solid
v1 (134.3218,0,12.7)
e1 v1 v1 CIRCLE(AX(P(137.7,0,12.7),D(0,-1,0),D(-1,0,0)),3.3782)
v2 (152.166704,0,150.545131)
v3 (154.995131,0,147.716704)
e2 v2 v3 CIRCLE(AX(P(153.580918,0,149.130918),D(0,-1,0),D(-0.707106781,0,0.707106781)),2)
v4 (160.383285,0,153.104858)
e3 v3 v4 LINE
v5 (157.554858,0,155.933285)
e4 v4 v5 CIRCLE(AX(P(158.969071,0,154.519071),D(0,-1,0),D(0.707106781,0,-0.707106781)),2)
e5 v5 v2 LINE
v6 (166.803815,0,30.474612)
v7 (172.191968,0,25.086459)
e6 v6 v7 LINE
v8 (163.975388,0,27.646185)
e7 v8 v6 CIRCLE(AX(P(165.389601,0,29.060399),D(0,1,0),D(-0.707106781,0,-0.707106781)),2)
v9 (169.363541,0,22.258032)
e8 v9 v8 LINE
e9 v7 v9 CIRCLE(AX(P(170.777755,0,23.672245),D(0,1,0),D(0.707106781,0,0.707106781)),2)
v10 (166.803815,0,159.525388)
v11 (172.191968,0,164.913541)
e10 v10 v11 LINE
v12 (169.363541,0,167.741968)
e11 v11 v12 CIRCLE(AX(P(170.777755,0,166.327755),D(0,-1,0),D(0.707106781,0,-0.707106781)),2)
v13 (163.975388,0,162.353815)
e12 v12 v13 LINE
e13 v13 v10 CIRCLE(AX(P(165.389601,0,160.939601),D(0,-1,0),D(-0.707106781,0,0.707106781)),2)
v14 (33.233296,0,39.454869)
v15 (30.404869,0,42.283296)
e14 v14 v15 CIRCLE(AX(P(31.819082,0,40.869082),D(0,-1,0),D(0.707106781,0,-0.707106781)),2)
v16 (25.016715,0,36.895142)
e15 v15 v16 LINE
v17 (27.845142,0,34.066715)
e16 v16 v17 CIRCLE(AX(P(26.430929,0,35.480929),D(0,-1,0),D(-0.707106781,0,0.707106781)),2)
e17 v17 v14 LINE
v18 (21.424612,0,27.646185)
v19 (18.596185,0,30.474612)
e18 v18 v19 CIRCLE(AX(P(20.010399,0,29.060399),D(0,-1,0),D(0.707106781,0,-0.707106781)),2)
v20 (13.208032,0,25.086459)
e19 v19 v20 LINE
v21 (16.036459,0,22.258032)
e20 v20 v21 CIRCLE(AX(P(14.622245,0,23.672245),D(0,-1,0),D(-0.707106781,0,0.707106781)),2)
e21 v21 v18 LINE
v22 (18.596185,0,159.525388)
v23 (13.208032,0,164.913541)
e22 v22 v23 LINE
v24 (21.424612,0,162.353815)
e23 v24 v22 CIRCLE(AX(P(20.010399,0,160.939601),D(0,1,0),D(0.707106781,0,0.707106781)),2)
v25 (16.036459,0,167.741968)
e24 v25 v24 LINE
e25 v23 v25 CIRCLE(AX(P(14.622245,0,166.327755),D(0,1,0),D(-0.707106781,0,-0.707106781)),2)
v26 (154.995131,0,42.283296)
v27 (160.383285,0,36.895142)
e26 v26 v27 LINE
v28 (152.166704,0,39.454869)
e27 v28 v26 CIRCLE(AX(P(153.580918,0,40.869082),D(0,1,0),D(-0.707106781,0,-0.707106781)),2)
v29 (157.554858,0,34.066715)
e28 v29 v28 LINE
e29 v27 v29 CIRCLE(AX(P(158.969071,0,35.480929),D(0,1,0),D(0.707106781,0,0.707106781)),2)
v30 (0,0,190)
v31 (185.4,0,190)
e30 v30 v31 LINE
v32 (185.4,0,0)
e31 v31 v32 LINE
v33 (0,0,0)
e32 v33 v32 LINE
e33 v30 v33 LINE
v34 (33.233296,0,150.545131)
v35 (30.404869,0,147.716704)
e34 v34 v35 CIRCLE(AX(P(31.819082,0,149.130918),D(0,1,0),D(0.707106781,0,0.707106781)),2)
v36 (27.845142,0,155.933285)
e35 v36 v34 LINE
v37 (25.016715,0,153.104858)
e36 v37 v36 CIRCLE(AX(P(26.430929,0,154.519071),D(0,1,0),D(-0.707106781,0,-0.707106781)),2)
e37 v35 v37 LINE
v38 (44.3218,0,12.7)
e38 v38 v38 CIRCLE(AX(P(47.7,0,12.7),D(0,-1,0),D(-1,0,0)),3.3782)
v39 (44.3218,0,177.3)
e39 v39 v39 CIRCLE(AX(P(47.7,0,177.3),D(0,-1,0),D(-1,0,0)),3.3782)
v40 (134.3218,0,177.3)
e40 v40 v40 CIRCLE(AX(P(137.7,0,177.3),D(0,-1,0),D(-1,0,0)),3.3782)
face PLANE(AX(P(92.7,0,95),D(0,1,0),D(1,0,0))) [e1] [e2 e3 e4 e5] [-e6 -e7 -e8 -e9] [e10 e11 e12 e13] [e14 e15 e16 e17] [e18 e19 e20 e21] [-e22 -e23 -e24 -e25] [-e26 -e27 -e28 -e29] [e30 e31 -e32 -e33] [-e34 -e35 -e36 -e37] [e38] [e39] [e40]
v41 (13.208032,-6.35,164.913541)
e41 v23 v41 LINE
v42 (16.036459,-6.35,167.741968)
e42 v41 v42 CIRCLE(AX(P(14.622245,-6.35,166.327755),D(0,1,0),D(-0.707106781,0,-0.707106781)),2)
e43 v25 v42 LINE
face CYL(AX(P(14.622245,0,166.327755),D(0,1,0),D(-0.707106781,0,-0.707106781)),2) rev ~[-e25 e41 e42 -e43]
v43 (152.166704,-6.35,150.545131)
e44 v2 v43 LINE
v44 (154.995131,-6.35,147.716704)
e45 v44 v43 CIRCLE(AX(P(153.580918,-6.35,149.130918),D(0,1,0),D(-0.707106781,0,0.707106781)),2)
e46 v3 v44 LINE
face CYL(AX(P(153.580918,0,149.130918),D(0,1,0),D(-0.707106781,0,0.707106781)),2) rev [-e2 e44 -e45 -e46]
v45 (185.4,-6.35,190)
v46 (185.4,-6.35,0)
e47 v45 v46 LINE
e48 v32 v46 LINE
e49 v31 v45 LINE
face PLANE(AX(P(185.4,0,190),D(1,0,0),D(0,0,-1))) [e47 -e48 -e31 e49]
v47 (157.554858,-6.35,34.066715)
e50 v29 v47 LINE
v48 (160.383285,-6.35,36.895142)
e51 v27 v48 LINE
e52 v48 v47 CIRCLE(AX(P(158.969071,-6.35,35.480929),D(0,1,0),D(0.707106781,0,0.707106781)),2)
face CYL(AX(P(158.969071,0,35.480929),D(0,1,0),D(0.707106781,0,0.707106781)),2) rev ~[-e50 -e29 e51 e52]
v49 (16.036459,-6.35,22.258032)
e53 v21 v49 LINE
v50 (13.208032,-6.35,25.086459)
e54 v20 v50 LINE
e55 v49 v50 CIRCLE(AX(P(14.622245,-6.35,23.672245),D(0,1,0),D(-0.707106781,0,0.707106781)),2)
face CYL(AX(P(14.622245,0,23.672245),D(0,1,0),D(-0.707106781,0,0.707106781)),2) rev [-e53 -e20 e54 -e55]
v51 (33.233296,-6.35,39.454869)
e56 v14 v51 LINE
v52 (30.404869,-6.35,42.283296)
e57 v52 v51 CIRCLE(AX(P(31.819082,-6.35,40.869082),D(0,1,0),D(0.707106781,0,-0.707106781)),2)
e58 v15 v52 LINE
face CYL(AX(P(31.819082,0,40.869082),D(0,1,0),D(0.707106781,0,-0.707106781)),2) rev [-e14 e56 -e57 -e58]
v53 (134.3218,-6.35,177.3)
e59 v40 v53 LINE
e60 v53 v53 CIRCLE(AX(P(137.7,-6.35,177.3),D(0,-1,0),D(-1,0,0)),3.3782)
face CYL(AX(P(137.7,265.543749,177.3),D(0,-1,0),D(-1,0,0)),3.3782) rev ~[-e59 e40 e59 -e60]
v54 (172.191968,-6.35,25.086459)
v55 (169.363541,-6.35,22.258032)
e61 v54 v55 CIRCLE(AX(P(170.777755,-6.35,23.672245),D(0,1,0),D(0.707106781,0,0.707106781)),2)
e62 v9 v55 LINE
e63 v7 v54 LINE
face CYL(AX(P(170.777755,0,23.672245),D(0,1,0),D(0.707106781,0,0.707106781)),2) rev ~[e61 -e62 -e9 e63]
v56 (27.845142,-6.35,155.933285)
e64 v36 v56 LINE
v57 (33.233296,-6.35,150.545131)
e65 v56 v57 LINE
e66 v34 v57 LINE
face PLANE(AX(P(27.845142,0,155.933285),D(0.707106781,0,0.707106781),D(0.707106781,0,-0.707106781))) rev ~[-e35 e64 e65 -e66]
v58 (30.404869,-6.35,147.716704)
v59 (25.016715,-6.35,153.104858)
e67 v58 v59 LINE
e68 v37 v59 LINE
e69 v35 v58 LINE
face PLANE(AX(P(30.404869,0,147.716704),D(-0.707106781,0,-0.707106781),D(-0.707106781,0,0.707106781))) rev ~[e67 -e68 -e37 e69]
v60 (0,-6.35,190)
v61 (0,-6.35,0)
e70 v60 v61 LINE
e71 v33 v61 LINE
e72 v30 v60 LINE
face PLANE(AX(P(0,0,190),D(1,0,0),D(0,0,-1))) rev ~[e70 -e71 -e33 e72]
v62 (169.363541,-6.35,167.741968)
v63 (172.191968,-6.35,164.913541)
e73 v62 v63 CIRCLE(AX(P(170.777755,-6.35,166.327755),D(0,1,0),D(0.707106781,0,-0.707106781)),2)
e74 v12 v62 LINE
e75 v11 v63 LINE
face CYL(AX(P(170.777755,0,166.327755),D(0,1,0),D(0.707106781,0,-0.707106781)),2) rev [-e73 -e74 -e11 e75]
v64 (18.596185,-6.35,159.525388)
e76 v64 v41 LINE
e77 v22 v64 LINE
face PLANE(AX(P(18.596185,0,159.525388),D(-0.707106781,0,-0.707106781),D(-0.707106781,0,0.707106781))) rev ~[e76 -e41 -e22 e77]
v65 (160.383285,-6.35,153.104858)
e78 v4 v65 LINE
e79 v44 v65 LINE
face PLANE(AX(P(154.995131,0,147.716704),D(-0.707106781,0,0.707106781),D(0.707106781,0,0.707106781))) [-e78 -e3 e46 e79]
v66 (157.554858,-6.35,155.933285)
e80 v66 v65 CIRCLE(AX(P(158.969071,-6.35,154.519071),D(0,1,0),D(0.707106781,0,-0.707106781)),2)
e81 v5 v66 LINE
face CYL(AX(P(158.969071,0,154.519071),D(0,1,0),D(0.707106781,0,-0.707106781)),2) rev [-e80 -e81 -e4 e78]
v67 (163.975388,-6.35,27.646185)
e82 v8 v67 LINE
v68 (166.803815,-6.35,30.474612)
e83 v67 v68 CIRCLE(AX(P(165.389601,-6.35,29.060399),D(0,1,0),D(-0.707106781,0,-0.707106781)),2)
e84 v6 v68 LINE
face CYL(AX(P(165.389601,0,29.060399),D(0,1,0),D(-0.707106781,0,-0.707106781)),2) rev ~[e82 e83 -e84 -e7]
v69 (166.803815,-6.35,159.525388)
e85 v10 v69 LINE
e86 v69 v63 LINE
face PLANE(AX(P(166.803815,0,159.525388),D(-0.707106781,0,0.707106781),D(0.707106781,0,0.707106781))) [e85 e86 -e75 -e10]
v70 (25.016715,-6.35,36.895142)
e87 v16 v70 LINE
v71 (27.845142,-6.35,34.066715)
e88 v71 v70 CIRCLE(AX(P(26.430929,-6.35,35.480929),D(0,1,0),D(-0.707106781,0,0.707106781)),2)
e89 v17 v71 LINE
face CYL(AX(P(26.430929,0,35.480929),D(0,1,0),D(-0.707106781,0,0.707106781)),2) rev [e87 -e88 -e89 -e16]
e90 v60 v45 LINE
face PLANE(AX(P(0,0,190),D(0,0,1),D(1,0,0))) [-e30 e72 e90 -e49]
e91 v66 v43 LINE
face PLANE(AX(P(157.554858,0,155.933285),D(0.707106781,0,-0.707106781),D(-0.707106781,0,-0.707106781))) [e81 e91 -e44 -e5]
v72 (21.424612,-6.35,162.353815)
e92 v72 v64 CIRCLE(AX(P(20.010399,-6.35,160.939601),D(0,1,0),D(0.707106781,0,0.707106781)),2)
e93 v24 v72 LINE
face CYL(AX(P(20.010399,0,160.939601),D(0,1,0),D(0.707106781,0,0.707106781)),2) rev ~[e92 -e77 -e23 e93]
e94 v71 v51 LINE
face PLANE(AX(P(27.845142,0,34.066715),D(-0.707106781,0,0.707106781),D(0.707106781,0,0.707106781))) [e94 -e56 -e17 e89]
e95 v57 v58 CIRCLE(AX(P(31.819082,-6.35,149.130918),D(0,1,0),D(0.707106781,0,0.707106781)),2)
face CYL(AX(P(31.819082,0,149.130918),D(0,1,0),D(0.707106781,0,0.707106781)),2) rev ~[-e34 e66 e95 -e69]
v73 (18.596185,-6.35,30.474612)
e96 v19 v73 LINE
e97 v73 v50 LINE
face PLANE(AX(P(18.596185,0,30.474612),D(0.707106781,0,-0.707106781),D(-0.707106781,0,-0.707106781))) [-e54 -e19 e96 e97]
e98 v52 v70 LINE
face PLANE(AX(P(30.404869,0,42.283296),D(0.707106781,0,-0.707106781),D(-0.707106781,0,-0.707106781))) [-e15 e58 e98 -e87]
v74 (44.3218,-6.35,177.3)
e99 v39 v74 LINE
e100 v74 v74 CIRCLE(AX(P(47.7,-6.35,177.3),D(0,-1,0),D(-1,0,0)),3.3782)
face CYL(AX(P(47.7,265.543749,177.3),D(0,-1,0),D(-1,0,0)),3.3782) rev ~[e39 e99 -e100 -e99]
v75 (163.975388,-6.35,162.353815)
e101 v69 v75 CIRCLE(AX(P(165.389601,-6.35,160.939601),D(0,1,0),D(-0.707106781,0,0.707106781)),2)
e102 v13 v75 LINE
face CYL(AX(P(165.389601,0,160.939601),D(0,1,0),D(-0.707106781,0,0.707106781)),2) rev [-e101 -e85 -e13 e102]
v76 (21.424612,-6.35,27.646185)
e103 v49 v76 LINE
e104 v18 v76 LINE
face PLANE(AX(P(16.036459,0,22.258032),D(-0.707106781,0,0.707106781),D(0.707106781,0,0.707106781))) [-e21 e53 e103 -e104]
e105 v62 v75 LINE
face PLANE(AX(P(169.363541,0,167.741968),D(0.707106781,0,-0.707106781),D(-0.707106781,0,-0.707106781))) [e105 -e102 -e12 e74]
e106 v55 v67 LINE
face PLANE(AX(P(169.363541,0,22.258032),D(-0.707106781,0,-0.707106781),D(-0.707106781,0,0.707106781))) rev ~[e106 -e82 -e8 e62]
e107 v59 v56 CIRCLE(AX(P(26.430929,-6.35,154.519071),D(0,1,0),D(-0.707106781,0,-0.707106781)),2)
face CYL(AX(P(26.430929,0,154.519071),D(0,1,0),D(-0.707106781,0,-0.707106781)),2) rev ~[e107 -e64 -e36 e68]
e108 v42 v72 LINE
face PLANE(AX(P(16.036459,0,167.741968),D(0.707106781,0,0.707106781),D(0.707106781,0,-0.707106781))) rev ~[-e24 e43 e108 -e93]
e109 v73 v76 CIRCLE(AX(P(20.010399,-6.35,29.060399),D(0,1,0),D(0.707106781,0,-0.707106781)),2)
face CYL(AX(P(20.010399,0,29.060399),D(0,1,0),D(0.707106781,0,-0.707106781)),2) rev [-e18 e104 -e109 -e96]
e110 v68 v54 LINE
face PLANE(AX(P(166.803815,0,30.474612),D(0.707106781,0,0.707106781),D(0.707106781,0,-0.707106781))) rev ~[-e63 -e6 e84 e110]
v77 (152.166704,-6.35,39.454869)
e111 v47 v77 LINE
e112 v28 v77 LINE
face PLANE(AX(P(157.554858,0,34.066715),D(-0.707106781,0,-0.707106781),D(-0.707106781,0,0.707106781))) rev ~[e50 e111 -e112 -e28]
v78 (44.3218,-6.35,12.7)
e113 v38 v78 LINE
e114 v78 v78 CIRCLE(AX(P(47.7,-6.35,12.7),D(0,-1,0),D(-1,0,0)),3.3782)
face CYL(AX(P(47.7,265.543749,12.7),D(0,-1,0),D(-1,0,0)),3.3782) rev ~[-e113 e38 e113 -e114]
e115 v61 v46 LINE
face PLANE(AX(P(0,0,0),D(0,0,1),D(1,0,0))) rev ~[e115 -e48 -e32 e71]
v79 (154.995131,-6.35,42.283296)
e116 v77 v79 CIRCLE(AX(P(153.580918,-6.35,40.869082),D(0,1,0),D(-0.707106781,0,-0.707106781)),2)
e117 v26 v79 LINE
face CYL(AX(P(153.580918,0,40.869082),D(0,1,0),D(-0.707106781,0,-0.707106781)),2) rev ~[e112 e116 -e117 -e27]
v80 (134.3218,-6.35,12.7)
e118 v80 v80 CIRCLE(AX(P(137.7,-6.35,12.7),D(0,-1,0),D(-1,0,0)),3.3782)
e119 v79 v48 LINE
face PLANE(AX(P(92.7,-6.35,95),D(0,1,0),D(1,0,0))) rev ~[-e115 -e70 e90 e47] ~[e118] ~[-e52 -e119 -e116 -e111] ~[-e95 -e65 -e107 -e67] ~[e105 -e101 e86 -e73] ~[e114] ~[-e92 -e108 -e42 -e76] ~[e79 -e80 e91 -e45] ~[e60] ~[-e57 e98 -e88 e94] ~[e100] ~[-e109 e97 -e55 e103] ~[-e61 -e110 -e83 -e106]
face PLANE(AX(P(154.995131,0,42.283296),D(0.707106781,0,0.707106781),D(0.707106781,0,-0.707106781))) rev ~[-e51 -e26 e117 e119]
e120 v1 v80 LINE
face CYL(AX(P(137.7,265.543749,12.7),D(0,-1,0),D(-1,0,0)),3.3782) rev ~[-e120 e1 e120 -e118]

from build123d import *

# Parameters (mm, degrees)
SKETCH1_W              = 185.4
SKETCH1_H              = 190
BASE_PLATE_DEPTH       = 6.35
SLOTS_DEPTH            = 7.35
FEET_CONNECTION_HOLE_D = 6.7564


with BuildPart() as part:
    # Sketch1 → base plate (new body)
    with BuildSketch(Plane(origin=(0, 0, 0), x_dir=(1, 0, 0), z_dir=(0, 1, 0))):
        with Locations((92.7, -95)):
            Rectangle(SKETCH1_W, SKETCH1_H)
    extrude(amount=-BASE_PLATE_DEPTH)

    # Sketch3 → slots (cut, through all)
    with BuildSketch(Plane(origin=(0, 0, 0), x_dir=(1, 0, 0), z_dir=(0, 1, 0))):
        with BuildLine():
            ThreePointArc((21.424612456, -27.64618524), (21.424612456, -30.474612456), (18.59618524, -30.474612456))
            Line((18.59618524, -30.474612456), (13.208031568, -25.086458783))
            ThreePointArc((13.208031568, -25.086458783), (13.208031568, -22.258031568), (16.036458783, -22.258031568))
            Line((16.036458783, -22.258031568), (21.424612456, -27.64618524))
        make_face()
        with BuildLine():
            Line((169.363541217, -22.258031568), (163.975387544, -27.64618524))
            ThreePointArc((163.975387544, -27.64618524), (163.975387544, -30.474612456), (166.80381476, -30.474612456))
            Line((166.80381476, -30.474612456), (172.191968432, -25.086458783))
            ThreePointArc((172.191968432, -25.086458783), (172.191968432, -22.258031568), (169.363541217, -22.258031568))
        make_face()
        with BuildLine():
            Line((154.995131423, -42.283295792), (160.383285096, -36.895142119))
            ThreePointArc((160.383285096, -36.895142119), (160.383285096, -34.066714904), (157.554857881, -34.066714904))
            Line((157.554857881, -34.066714904), (152.166704208, -39.454868577))
            ThreePointArc((152.166704208, -39.454868577), (152.166704208, -42.283295792), (154.995131423, -42.283295792))
        make_face()
        with BuildLine():
            ThreePointArc((160.383285096, -153.104857881), (160.383285096, -155.933285096), (157.554857881, -155.933285096))
            Line((157.554857881, -155.933285096), (152.166704208, -150.545131423))
            ThreePointArc((152.166704208, -150.545131423), (152.166704208, -147.716704208), (154.995131423, -147.716704208))
            Line((154.995131423, -147.716704208), (160.383285096, -153.104857881))
        make_face()
        with BuildLine():
            ThreePointArc((163.975387544, -162.35381476), (163.975387544, -159.525387544), (166.80381476, -159.525387544))
            Line((166.80381476, -159.525387544), (172.191968432, -164.913541217))
            ThreePointArc((172.191968432, -164.913541217), (172.191968432, -167.741968432), (169.363541217, -167.741968432))
            Line((169.363541217, -167.741968432), (163.975387544, -162.35381476))
        make_face()
        with BuildLine():
            Line((16.036458783, -167.741968432), (21.424612456, -162.35381476))
            ThreePointArc((21.424612456, -162.35381476), (21.424612456, -159.525387544), (18.59618524, -159.525387544))
            Line((18.59618524, -159.525387544), (13.208031568, -164.913541217))
            ThreePointArc((13.208031568, -164.913541217), (13.208031568, -167.741968432), (16.036458783, -167.741968432))
        make_face()
        with BuildLine():
            Line((30.404868577, -147.716704208), (25.016714904, -153.104857881))
            ThreePointArc((25.016714904, -153.104857881), (25.016714904, -155.933285096), (27.845142119, -155.933285096))
            Line((27.845142119, -155.933285096), (33.233295792, -150.545131423))
            ThreePointArc((33.233295792, -150.545131423), (33.233295792, -147.716704208), (30.404868577, -147.716704208))
        make_face()
        with BuildLine():
            Line((30.404868577, -42.283295792), (25.016714904, -36.895142119))
            ThreePointArc((25.016714904, -36.895142119), (25.016714904, -34.066714904), (27.845142119, -34.066714904))
            Line((27.845142119, -34.066714904), (33.233295792, -39.454868577))
            ThreePointArc((33.233295792, -39.454868577), (33.233295792, -42.283295792), (30.404868577, -42.283295792))
        make_face()
    extrude(amount=-SLOTS_DEPTH, mode=Mode.SUBTRACT)

    # Feet connection hole (through all)
    with Locations(Plane(origin=(0, 0, 0), x_dir=(1, 0, 0), z_dir=(0, 1, 0))):
        with Locations((47.7, -177.3), (137.7, -12.7), (47.7, -12.7), (137.7, -177.3)):
            Hole(FEET_CONNECTION_HOLE_D / 2)


solid = part.part
